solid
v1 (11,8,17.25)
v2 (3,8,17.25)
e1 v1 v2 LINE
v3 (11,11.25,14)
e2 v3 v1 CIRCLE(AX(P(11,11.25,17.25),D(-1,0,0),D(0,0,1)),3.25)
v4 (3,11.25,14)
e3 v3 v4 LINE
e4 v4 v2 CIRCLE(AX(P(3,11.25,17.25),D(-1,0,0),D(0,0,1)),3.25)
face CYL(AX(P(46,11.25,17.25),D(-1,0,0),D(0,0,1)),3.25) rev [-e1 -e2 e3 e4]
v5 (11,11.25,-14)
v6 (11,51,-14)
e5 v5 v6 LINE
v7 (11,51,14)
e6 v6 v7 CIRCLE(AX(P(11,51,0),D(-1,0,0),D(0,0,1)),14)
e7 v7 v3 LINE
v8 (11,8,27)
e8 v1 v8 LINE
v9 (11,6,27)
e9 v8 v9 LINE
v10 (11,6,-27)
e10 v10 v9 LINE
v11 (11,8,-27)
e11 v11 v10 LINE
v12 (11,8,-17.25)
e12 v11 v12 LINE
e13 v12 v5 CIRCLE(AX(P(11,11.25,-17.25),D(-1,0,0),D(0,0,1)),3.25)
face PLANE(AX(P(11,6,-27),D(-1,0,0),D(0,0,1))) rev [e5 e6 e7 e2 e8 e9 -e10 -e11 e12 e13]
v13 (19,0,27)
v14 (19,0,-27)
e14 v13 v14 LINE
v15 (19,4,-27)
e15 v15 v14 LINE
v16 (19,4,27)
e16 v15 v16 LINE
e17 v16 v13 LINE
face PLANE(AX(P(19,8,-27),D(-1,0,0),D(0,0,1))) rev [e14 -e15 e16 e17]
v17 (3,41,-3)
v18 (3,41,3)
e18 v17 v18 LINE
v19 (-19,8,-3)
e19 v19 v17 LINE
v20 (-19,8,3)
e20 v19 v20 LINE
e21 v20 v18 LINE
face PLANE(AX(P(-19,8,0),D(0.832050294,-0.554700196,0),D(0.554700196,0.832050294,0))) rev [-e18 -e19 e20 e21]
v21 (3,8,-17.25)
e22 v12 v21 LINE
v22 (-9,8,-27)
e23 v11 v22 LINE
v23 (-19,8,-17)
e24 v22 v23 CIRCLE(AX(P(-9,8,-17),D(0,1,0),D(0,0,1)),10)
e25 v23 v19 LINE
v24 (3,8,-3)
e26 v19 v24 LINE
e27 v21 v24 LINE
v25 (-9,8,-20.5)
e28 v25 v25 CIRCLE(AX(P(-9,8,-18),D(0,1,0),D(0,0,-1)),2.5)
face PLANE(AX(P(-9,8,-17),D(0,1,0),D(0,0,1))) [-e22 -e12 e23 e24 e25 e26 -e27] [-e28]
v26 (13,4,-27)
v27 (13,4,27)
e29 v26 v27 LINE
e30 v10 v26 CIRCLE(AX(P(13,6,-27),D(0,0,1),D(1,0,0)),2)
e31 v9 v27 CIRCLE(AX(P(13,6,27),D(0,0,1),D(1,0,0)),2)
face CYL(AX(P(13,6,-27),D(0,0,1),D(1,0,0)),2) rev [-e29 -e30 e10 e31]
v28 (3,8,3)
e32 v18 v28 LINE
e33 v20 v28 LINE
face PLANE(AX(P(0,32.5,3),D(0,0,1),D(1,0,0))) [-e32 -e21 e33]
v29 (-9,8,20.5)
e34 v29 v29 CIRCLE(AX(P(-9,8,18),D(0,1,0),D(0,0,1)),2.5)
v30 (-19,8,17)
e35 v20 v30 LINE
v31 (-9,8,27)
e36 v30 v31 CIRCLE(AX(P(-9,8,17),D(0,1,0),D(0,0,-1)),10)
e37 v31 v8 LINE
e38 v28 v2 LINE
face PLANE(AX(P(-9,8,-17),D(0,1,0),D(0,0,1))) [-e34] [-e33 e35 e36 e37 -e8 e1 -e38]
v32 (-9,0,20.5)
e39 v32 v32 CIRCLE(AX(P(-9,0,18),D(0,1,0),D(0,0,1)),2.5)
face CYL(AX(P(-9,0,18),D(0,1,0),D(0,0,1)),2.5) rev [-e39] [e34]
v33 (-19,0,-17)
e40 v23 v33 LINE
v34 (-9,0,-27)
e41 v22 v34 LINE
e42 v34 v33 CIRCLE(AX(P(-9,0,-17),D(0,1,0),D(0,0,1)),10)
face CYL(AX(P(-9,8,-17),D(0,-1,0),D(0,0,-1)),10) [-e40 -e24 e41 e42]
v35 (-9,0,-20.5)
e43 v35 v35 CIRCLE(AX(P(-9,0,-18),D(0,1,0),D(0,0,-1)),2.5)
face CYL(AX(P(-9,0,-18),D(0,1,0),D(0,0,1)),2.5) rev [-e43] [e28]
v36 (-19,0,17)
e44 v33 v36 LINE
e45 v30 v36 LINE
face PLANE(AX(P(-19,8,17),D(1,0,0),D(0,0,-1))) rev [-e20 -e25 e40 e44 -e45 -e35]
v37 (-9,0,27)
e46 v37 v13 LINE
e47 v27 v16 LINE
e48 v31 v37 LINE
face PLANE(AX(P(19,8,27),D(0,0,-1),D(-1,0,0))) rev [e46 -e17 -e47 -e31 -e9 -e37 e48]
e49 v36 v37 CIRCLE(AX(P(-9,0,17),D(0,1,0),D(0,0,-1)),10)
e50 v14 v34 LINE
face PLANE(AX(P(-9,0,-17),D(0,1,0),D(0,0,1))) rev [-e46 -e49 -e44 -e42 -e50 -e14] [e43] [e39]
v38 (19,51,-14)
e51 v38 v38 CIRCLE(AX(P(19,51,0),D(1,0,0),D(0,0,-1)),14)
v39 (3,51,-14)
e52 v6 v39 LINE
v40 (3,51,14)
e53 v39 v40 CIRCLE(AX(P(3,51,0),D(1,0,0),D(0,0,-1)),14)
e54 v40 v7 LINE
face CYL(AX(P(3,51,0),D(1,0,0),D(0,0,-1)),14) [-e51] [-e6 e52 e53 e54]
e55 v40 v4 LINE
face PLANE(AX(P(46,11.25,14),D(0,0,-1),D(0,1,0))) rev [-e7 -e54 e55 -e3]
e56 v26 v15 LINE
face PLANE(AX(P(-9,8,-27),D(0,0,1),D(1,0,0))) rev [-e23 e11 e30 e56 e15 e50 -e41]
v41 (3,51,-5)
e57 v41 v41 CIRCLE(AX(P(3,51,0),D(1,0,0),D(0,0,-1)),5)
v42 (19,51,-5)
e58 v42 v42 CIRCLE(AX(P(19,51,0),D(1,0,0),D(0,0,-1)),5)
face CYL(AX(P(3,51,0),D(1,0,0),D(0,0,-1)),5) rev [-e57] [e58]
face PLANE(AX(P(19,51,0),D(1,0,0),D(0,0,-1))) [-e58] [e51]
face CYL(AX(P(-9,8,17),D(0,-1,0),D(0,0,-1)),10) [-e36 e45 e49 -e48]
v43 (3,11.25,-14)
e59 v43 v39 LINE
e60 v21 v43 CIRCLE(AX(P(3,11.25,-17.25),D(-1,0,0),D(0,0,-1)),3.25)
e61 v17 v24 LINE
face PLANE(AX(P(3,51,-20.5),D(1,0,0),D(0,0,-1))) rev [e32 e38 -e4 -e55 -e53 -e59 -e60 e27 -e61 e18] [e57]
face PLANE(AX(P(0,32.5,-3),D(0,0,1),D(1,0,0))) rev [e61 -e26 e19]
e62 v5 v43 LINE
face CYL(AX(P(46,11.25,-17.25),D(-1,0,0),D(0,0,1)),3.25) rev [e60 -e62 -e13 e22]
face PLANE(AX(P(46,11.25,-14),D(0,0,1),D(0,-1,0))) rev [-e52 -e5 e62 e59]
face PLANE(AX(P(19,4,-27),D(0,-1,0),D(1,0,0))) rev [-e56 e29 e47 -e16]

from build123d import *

# Parameters (mm, degrees)
Y_KSEKLIK_EKSTR_ZYON2_DEPTH      = 8
IZIM4_R                          = 2.5
KES_EKSTR_ZYON1_DEPTH            = 8
KES_EKSTR_ZYON2_DEPTH            = 54
IZIM13_W                         = 8
IZIM13_H                         = 41
Y_KSEKLIK_EKSTR_ZYON8_DEPTH      = 43
KES_EKSTR_ZYON7_DEPTH            = 43
IZIM15_R                         = 14
Y_KSEKLIK_EKSTR_ZYON9_DEPTH      = 8
Y_KSEKLIK_EKSTR_ZYON9_DEPTH_BACK = 8
IZIM16_R                         = 5
KES_EKSTR_ZYON8_DEPTH            = 16
FEDER12_REACH                    = 74.904
IZIM17_WALL_W                    = 187.469157084
IZIM17_WALL_H                    = 6


with BuildPart() as part:
    # Çizim3 → Yükseklik-Ekstrüzyon2 (new body)
    with BuildSketch(Plane(origin=(0, 0, 0), x_dir=(1, 0, 0), z_dir=(0, 1, 0))):
        with BuildLine():
            Line((-19, -17), (-19, 17))
            ThreePointArc((-19, 17), (-16.071067812, 24.071067812), (-9, 27))
            Line((-9, 27), (19, 27))
            Line((19, 27), (19, -27))
            Line((19, -27), (-9, -27))
            ThreePointArc((-9, -27), (-16.071067812, -24.071067812), (-19, -17))
        make_face()
    extrude(amount=Y_KSEKLIK_EKSTR_ZYON2_DEPTH)

    # Çizim4 → Kes-Ekstrüzyon1 (cut)
    with BuildSketch(Plane(origin=(0, 8, 0), x_dir=(1, 0, 0), z_dir=(0, 1, 0))):
        with Locations(Location((-9, -18, 0), (0, 0, 270))):
            Circle(IZIM4_R)
        with Locations(Location((-9, 18, 0), (0, 0, 90))):
            Circle(IZIM4_R)
    extrude(amount=-KES_EKSTR_ZYON1_DEPTH, mode=Mode.SUBTRACT)

    # Çizim5 → Kes-Ekstrüzyon2 (cut)
    with BuildSketch(Plane.XY.offset(27)):
        with BuildLine():
            Line((11, 8), (19, 8))
            Line((19, 8), (19, 4))
            Line((19, 4), (13, 4))
            ThreePointArc((13, 4), (11.585786438, 4.585786438), (11, 6))
            Line((11, 6), (11, 8))
        make_face()
    extrude(amount=-KES_EKSTR_ZYON2_DEPTH, mode=Mode.SUBTRACT)

    # Çizim13 → Yükseklik-Ekstrüzyon8 (add)
    with BuildSketch(Plane(origin=(0, 8, 0), x_dir=(1, 0, 0), z_dir=(0, 1, 0))):
        with Locations((7, 0)):
            Rectangle(IZIM13_W, IZIM13_H)
    extrude(amount=Y_KSEKLIK_EKSTR_ZYON8_DEPTH)

    # Çizim14 → Kes-Ekstrüzyon7 (cut)
    with BuildSketch(Plane.ZY.offset(-3)):
        with BuildLine():
            Line((20.5, 8), (20.5, 51))
            Line((20.5, 51), (14, 51))
            Line((14, 51), (14, 11.25))
            ThreePointArc((14, 11.25), (14.951902961, 8.951902961), (17.25, 8))
            Line((17.25, 8), (20.5, 8))
        make_face()
        with BuildLine():
            Line((-20.5, 51), (-14, 51))
            Line((-14, 51), (-14, 11.25))
            ThreePointArc((-14, 11.25), (-14.951902961, 8.951902961), (-17.25, 8))
            Line((-17.25, 8), (-20.5, 8))
            Line((-20.5, 8), (-20.5, 51))
        make_face()
    extrude(amount=-KES_EKSTR_ZYON7_DEPTH, mode=Mode.SUBTRACT)

    # Çizim15 → Yükseklik-Ekstrüzyon9 (add, two sides)
    with BuildSketch(Plane(origin=(11, 0, 0), x_dir=(0, 0, -1), z_dir=(1, 0, 0))) as y_kseklik_ekstr_zyon9_sk:
        with Locations((0, 51)):
            Circle(IZIM15_R)
    extrude(amount=Y_KSEKLIK_EKSTR_ZYON9_DEPTH)
    extrude(y_kseklik_ekstr_zyon9_sk.sketch, amount=-Y_KSEKLIK_EKSTR_ZYON9_DEPTH_BACK)

    # Çizim16 → Kes-Ekstrüzyon8 (cut)
    with BuildSketch(Plane(origin=(19, 0, 0), x_dir=(0, 0, -1), z_dir=(1, 0, 0))):
        with Locations((0, 51)):
            Circle(IZIM16_R)
    extrude(amount=-KES_EKSTR_ZYON8_DEPTH, mode=Mode.SUBTRACT)

    # Çizim17 wall → Feder12 (add, up to next)
    with BuildSketch(Plane(origin=(-8, 24.5, 0), x_dir=(0.554700196225, 0.832050294338, 0), z_dir=(-0.832050294338, 0.554700196225, 0)), mode=Mode.PRIVATE) as feder12_sk1:
        Rectangle(IZIM17_WALL_W, IZIM17_WALL_H)
    feder12_tool1 = extrude(feder12_sk1.sketch, amount=-FEDER12_REACH, mode=Mode.PRIVATE) - part.part
    add(feder12_tool1.solids().sort_by_distance((-8, 24.5, 0))[0])


solid = part.part
